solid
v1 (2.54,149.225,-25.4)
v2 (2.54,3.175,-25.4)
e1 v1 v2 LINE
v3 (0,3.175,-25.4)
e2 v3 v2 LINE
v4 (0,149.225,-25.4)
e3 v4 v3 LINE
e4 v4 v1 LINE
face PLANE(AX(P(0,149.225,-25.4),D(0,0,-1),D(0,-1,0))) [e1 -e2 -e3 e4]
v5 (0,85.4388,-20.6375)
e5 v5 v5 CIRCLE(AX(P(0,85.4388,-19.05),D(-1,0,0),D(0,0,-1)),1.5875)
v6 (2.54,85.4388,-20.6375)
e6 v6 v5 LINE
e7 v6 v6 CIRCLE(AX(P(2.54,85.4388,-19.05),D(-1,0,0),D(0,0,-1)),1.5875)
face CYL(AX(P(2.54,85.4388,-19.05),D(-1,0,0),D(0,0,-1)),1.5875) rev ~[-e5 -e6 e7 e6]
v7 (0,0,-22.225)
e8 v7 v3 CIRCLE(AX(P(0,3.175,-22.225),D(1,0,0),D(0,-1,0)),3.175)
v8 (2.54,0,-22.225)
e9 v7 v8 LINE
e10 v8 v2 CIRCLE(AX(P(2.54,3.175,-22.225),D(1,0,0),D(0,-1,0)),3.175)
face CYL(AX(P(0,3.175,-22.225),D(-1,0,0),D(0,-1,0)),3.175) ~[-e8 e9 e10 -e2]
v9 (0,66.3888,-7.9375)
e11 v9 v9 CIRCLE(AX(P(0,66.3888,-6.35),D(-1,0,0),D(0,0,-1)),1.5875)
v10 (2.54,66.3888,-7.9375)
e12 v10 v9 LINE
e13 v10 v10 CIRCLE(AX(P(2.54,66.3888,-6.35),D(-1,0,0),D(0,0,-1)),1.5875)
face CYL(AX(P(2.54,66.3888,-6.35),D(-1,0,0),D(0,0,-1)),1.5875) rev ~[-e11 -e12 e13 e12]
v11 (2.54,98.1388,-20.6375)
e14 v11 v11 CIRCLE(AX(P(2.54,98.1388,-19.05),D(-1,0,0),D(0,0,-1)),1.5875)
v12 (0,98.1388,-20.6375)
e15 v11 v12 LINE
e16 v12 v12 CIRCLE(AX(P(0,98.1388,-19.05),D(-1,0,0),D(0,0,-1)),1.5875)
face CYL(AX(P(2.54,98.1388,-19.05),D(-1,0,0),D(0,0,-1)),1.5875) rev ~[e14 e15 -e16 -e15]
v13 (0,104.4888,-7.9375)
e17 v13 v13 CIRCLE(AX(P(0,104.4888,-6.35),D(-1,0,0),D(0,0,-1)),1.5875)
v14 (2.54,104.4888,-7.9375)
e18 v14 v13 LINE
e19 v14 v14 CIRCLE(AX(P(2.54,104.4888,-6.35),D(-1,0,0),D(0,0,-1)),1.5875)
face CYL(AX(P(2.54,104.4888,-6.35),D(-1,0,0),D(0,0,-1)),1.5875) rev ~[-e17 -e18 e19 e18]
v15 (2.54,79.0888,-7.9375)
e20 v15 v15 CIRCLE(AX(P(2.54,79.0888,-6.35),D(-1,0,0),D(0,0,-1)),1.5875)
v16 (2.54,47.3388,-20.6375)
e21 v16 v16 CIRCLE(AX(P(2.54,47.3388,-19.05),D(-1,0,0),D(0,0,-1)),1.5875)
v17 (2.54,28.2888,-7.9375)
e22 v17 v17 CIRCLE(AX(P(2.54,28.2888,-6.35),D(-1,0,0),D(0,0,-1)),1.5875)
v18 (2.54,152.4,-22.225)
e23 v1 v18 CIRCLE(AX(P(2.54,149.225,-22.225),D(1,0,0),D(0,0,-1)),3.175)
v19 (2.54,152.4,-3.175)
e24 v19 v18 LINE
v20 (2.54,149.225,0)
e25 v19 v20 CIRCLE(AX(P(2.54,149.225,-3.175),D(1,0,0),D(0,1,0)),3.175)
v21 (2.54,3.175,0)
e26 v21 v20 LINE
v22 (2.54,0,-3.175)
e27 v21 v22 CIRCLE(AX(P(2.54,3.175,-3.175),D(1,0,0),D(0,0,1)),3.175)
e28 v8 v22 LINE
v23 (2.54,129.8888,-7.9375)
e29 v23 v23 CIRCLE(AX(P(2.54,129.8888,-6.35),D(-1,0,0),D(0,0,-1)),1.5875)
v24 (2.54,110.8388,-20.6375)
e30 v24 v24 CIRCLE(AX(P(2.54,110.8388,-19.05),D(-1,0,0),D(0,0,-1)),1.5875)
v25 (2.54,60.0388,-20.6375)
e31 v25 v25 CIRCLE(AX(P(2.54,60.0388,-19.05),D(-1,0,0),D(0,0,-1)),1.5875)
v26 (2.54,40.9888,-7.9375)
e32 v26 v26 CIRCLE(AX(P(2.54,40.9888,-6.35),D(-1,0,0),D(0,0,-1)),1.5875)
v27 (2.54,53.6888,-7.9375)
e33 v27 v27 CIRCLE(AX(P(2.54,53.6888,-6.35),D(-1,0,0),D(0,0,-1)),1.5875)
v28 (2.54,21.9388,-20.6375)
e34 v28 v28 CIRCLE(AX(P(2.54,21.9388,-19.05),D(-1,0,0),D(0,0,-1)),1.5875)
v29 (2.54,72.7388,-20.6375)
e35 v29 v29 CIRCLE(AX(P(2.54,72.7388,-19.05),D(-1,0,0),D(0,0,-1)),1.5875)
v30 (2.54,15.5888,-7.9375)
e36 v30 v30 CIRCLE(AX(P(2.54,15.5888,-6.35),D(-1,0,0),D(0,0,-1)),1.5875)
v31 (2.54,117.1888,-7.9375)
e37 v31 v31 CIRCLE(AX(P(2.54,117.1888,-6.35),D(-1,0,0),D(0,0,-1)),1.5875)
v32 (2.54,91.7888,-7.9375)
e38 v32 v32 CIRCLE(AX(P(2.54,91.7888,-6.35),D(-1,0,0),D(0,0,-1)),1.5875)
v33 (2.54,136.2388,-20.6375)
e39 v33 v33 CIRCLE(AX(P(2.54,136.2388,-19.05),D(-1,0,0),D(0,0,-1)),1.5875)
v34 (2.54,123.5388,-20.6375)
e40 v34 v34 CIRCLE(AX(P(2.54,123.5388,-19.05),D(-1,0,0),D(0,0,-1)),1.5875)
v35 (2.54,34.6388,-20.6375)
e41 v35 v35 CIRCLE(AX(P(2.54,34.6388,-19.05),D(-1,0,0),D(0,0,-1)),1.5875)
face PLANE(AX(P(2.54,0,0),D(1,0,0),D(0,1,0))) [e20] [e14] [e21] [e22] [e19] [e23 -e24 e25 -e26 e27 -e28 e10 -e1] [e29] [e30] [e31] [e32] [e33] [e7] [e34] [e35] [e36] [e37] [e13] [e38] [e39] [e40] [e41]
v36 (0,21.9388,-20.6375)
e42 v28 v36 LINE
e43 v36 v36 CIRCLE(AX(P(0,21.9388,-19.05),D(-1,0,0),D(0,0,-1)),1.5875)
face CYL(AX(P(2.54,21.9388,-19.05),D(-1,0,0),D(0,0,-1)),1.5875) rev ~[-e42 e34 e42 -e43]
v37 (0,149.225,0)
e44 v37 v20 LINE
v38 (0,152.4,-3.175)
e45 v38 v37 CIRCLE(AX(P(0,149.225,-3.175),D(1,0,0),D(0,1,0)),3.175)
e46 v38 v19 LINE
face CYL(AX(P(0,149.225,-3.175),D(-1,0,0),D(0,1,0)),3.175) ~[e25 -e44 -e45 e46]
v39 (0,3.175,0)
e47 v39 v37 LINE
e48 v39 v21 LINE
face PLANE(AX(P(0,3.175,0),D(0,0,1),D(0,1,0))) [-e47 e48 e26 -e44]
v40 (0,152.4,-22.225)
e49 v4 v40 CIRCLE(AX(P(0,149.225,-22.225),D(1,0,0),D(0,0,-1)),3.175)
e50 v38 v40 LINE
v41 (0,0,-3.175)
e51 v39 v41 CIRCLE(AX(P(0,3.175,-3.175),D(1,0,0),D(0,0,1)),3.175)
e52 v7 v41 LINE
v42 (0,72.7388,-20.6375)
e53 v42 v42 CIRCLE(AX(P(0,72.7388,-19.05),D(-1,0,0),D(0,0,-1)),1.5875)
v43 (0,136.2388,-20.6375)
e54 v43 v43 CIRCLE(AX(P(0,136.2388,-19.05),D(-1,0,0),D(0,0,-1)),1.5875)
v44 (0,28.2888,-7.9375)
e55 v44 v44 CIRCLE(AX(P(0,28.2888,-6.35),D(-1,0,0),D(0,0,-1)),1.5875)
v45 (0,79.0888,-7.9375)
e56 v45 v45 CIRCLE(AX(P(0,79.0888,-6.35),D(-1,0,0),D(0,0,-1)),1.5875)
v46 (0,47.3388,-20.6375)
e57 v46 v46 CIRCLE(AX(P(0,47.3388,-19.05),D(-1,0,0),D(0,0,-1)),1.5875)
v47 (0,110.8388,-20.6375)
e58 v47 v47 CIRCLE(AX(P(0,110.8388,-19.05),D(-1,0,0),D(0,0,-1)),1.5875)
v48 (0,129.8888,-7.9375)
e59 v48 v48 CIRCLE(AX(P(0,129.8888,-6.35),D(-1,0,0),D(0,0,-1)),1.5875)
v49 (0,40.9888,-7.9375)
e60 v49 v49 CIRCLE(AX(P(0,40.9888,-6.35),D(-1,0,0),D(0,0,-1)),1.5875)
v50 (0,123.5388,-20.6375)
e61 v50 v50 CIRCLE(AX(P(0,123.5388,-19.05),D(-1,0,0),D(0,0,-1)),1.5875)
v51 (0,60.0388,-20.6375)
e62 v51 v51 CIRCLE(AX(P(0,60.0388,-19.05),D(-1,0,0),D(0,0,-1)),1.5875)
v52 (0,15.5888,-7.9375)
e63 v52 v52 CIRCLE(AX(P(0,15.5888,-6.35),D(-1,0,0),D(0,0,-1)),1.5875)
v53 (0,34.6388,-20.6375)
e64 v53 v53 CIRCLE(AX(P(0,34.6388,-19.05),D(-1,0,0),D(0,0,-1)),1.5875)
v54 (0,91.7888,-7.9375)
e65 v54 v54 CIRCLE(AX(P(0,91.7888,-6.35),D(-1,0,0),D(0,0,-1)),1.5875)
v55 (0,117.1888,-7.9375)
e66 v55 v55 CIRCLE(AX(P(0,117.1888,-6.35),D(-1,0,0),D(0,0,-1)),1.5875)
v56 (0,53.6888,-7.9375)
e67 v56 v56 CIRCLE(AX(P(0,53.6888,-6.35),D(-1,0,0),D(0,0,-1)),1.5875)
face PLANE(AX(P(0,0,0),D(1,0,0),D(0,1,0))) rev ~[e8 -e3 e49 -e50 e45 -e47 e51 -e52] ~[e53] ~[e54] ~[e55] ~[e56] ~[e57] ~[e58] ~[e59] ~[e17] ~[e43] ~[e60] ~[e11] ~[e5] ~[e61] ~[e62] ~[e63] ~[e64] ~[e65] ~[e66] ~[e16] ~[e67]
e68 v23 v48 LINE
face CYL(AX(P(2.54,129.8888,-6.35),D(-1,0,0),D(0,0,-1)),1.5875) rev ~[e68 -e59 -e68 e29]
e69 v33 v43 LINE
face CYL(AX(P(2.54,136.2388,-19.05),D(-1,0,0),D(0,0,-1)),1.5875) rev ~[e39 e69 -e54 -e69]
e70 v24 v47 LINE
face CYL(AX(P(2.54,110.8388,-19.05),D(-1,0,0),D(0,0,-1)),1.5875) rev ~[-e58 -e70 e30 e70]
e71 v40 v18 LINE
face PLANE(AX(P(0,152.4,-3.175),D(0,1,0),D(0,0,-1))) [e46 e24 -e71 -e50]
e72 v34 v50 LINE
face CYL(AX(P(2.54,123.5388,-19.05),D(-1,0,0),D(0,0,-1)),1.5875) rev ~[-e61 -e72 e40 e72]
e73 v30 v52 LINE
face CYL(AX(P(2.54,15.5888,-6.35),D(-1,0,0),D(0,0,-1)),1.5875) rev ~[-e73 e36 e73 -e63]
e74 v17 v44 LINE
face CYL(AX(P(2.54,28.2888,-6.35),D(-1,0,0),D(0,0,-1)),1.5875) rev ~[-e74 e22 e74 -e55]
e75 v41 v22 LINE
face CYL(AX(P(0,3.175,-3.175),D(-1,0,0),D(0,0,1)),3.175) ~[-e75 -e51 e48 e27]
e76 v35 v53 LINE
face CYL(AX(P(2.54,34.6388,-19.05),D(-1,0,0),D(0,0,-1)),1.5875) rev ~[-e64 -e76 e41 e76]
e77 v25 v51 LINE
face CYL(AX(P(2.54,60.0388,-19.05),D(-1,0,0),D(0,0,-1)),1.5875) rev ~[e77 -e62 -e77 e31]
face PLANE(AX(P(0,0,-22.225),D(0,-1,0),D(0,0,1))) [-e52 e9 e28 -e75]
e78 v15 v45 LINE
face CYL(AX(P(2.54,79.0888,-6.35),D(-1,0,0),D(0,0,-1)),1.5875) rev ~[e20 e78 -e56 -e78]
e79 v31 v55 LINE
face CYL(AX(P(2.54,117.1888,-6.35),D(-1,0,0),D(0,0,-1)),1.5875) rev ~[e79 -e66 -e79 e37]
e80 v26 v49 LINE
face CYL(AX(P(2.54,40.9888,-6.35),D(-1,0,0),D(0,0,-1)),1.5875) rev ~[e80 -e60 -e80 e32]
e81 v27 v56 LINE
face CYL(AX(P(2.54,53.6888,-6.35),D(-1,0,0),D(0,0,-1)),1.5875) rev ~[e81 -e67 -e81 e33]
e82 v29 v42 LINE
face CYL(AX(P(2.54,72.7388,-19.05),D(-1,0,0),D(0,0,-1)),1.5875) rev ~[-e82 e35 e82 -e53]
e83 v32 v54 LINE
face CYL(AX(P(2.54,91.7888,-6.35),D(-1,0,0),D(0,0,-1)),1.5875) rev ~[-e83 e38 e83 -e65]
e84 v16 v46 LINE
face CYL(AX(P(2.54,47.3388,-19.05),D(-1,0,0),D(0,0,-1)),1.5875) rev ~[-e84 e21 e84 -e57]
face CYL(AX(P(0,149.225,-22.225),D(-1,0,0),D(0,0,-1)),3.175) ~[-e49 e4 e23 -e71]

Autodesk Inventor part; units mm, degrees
ref_plane "YZ Plane" through (0, 0, 0) normal (1, 0, 0) x (0, 1, 0)
ref_plane "XZ Plane" through (0, 0, 0) normal (0, 1, 0) x (-1, 0, 0)
ref_plane "XY Plane" through (0, 0, 0) normal (0, 0, 1) x (1, 0, 0)
sketch "Sketch1" plane through (0, 0, 0) normal (1, 0, 0) x (0, 1, 0)
  line L0 (3.175, 0) -> (149.225, 0)
  line L1 (152.4, -3.175) -> (152.4, -22.225)
  line L2 (149.225, -25.4) -> (3.175, -25.4)
  line L3 (0, -22.225) -> (0, -3.175)
  arc A0 (152.4, -3.175) -> (149.225, 0) centre (149.225, -3.175) ccw
  arc A1 (149.225, -25.4) -> (152.4, -22.225) centre (149.225, -22.225) ccw
  arc A2 (0, -22.225) -> (3.175, -25.4) centre (3.175, -22.225) ccw
  arc A3 (3.175, 0) -> (0, -3.175) centre (3.175, -3.175) ccw
  point P0 (0, 0)
  point P1 (152.4, 0)
  point P2 (0, -25.4)
  dimension "d0" = 25.4
  dimension "d1" = 152.4
  dimension "d2" = 3.175
extrude "Extrusion1" add sketch "Sketch1" along normal blind 2.54
sketch "Sketch2" plane through (2.54, 0, 0) normal (1, 0, 0) x (0, 0, -1)
  line L0 (22.225, 152.4) -> (3.175, 152.4) projected
  line L1 (0, 149.225) -> (0, 3.175) projected
  line L2 (3.175, 0) -> (22.225, 0) projected
  line L3 (25.4, 3.175) -> (25.4, 149.225) projected
  circle A0 centre (6.35, 15.5888) radius 2.5412
  line L4 (12.7, 152.4) -> (12.7, 0) construction
  circle A1 centre (19.05, 21.9388) radius 2.3772
  circle A2 centre (6.35, 28.2888) radius 2.5412
  circle A3 centre (6.35, 40.9888) radius 2.5412
  circle A4 centre (6.35, 53.6888) radius 2.5412
  circle A5 centre (6.35, 66.3888) radius 2.5412
  circle A6 centre (6.35, 79.0888) radius 2.5412
  circle A7 centre (6.35, 91.7888) radius 2.5412
  circle A8 centre (6.35, 104.4888) radius 2.5412
  circle A9 centre (6.35, 117.1888) radius 2.5412
  circle A10 centre (6.35, 129.8888) radius 2.5412
  circle A11 centre (19.05, 34.6388) radius 2.3772
  circle A12 centre (19.05, 47.3388) radius 2.3772
  circle A13 centre (19.05, 60.0388) radius 2.3772
  circle A14 centre (19.05, 72.7388) radius 2.3772
  circle A15 centre (19.05, 85.4388) radius 2.3772
  circle A16 centre (19.05, 98.1388) radius 2.3772
  circle A17 centre (19.05, 110.8388) radius 2.3772
  circle A18 centre (19.05, 123.5388) radius 2.3772
  circle A19 centre (19.05, 136.2388) radius 2.3772
  point P0 (0, 0)
  dimension "d5" = 6.35
  dimension "d6" = 12.7
  dimension "d7" = 6.35
  dimension "d10" = 12.7
  dimension "d17" = 12.7
hole "Hole1" at (2.54, 85.4388, -19.05) at (2.54, 91.7888, -6.35) at (2.54, 98.1388, -19.05) at (2.54, 79.0888, -6.35) at (2.54, 72.7388, -19.05) at (2.54, 66.3888, -6.35) at (2.54, 60.0388, -19.05) at (2.54, 53.6888, -6.35) at (2.54, 47.3388, -19.05) at (2.54, 34.6388, -19.05) at (2.54, 21.9388, -19.05) at (2.54, 15.5888, -6.35) at (2.54, 28.2888, -6.35) at (2.54, 40.9888, -6.35) at (2.54, 110.8388, -19.05) at (2.54, 117.1888, -6.35) at (2.54, 123.5388, -19.05) at (2.54, 129.8888, -6.35) at (2.54, 136.2388, -19.05) at (2.54, 104.4888, -6.35) direction (-1, 0, 0) diameter 3.175 end through all
properties part number "joinerBracket" material "Steel"
